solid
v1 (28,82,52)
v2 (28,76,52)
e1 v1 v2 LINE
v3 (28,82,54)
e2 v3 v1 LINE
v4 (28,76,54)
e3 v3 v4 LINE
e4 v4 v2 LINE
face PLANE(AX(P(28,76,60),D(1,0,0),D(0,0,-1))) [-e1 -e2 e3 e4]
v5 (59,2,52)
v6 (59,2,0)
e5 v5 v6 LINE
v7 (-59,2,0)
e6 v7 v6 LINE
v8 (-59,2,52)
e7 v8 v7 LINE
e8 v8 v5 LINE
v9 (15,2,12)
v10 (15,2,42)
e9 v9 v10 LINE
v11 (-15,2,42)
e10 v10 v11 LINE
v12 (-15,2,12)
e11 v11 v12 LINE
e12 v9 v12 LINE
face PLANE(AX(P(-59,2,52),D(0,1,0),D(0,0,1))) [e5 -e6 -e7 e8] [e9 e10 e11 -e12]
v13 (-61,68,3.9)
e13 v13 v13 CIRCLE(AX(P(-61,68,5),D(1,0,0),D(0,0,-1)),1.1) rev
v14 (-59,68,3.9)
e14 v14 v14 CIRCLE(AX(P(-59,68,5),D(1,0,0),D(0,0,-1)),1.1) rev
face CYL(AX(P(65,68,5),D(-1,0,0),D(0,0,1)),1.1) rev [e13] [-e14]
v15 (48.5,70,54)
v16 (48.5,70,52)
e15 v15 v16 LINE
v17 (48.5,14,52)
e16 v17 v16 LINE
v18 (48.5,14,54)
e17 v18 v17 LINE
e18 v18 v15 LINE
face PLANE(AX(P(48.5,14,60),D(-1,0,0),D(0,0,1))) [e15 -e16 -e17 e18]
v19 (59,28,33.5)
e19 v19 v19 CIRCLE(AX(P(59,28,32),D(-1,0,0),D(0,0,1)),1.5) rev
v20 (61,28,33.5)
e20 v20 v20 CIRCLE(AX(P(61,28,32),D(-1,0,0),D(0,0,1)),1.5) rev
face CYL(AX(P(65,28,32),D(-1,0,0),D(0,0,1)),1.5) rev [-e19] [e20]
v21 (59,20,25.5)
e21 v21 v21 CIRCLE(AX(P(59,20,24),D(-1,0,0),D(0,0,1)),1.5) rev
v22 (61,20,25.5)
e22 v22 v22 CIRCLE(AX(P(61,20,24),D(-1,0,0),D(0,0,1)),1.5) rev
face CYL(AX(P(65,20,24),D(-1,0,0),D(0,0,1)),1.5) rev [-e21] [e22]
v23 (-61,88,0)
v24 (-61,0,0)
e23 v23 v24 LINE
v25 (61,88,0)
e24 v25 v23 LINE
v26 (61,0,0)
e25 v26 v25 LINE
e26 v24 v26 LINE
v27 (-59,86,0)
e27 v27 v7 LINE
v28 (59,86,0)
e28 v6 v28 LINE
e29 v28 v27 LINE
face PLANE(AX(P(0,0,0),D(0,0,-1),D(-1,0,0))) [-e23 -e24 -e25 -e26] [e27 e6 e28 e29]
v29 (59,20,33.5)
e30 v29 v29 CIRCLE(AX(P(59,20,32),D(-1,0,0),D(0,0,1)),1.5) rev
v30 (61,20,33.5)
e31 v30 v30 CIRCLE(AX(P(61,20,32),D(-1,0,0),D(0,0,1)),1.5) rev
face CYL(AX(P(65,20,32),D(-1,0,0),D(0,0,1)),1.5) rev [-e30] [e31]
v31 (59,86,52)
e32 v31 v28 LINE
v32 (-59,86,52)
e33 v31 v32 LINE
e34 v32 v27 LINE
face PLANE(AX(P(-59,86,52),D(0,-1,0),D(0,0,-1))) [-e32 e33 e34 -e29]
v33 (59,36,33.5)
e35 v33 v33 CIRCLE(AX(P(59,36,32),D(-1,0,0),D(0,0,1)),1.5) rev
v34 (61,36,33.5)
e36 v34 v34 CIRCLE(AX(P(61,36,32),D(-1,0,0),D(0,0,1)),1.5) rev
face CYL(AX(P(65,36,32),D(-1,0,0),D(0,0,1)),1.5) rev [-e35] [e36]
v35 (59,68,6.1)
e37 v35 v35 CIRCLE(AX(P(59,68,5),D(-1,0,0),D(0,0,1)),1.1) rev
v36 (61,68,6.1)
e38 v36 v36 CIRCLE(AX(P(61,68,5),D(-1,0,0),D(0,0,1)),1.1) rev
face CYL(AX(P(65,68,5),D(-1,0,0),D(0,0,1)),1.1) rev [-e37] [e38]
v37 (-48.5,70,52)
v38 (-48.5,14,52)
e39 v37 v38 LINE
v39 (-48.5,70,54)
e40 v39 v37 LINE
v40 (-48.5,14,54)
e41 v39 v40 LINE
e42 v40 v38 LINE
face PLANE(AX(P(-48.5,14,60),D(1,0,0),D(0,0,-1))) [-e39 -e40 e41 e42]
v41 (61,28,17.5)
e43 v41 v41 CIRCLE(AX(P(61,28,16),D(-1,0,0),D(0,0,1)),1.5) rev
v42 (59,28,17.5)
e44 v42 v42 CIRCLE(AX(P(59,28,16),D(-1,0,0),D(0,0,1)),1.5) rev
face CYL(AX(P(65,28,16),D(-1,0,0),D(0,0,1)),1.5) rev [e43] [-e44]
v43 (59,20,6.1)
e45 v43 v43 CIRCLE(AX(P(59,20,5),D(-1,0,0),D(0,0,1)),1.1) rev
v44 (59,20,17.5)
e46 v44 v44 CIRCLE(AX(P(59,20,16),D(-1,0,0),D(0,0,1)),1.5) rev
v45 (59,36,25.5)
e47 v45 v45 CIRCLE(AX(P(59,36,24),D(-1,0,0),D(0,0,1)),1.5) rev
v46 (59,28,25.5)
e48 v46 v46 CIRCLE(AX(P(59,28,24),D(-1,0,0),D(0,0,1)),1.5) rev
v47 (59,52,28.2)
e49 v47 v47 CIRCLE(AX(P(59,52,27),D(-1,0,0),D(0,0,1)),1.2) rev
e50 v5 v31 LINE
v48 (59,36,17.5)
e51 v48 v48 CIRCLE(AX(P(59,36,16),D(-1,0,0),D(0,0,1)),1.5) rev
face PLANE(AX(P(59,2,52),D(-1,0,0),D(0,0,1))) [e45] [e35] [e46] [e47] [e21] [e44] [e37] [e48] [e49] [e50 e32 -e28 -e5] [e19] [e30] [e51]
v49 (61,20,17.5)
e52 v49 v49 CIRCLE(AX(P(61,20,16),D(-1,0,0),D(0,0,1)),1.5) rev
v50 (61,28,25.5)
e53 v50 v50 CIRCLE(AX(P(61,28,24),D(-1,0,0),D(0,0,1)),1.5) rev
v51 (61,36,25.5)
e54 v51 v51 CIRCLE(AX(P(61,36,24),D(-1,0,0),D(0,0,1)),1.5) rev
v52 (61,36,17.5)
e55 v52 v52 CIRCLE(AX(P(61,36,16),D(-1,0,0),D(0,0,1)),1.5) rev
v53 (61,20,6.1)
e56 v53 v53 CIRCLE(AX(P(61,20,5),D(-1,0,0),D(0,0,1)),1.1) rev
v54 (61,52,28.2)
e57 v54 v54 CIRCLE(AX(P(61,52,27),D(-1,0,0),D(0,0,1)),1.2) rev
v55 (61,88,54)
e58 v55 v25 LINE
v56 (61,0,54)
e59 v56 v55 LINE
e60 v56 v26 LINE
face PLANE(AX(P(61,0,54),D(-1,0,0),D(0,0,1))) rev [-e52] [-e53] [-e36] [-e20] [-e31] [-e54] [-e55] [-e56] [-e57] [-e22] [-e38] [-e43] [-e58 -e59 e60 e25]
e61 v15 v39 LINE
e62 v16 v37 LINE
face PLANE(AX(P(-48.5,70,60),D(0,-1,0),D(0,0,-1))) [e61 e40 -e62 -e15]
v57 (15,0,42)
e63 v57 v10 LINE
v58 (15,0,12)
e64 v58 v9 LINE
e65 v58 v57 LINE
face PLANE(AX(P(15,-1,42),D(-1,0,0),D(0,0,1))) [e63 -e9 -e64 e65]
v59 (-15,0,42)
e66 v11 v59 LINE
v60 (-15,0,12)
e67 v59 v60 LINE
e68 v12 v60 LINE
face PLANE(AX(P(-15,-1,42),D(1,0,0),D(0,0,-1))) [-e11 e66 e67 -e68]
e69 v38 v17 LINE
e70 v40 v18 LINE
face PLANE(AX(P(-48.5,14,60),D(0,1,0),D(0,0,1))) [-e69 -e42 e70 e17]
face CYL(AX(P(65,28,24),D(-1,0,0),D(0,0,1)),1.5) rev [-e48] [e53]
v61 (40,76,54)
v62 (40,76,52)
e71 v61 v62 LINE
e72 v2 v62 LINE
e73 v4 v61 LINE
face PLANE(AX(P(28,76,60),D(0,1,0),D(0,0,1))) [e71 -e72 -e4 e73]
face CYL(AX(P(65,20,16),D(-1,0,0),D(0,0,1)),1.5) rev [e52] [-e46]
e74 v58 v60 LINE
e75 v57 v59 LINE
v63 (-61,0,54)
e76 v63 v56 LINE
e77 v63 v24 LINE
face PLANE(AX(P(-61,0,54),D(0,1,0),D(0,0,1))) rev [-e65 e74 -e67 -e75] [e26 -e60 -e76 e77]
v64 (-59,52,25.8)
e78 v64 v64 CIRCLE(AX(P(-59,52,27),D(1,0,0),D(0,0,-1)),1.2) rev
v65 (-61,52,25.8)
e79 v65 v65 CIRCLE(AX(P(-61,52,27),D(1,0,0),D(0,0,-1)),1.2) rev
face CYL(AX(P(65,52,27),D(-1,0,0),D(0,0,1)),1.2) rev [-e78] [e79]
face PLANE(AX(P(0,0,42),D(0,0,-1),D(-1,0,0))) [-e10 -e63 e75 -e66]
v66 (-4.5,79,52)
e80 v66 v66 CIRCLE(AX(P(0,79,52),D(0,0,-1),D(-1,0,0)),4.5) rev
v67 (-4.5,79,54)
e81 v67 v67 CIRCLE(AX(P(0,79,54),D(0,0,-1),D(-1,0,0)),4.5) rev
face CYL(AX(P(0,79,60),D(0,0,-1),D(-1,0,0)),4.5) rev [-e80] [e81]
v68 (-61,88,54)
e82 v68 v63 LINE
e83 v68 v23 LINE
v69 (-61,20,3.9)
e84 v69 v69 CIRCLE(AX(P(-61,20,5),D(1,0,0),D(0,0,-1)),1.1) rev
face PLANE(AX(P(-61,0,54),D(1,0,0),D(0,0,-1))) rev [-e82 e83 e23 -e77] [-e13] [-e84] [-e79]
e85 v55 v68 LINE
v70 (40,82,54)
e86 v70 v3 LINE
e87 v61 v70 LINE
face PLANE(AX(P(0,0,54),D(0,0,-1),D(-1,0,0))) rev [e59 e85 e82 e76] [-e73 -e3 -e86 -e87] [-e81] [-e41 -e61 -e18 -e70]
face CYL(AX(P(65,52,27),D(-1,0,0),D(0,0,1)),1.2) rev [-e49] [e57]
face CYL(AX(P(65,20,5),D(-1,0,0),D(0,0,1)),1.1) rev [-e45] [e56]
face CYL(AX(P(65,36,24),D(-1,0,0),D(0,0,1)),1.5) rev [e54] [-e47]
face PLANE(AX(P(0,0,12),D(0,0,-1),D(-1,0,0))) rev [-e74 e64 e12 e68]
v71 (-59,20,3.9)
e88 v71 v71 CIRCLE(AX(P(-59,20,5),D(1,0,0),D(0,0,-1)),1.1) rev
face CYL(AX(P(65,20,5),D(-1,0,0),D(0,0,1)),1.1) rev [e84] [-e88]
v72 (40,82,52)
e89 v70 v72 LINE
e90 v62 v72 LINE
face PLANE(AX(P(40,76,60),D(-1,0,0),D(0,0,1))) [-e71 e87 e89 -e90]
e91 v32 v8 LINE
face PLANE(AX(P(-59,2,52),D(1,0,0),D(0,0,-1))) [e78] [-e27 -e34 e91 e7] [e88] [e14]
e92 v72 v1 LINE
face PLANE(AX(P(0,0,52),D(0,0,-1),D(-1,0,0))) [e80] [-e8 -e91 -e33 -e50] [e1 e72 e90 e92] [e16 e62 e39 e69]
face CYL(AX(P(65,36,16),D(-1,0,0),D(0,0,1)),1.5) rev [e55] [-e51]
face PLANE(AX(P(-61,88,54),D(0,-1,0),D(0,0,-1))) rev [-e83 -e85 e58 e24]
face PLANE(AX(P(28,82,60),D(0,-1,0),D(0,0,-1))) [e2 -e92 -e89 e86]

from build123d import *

# Parameters (mm, degrees)
SKETCH1_W            = 122
SKETCH1_H            = 88
BOSS_EXTRUDE1_DEPTH  = 54
BOSS_EXTRUDE2_START  = -1
SKETCH2_W            = 118
SKETCH2_H            = 84
BOSS_EXTRUDE2_DEPTH  = 53
BOSS_EXTRUDE3_START  = 50
SKETCH3_W            = 97
SKETCH3_H            = 56
BOSS_EXTRUDE3_DEPTH  = 10
BOSS_EXTRUDE4_START  = 50
SKETCH4_R            = 4.5
BOSS_EXTRUDE4_DEPTH  = 10
BOSS_EXTRUDE5_START  = 50
SKETCH5_W            = 12
SKETCH5_H            = 6
BOSS_EXTRUDE5_DEPTH  = 10
BOSS_EXTRUDE6_START  = -65
SKETCH6_R            = 1.2
BOSS_EXTRUDE6_DEPTH  = 130
BOSS_EXTRUDE7_START  = 55
SKETCH7_R            = 1.5
BOSS_EXTRUDE7_DEPTH  = 10
BOSS_EXTRUDE8_START  = 55
SKETCH8_R            = 1.5
BOSS_EXTRUDE8_DEPTH  = 10
BOSS_EXTRUDE9_START  = 55
SKETCH9_R            = 1.5
BOSS_EXTRUDE9_DEPTH  = 10
BOSS_EXTRUDE10_START = 55
SKETCH10_R           = 1.5
BOSS_EXTRUDE10_DEPTH = 10
BOSS_EXTRUDE11_START = 55
SKETCH11_R           = 1.5
BOSS_EXTRUDE11_DEPTH = 10
BOSS_EXTRUDE12_START = 55
SKETCH12_R           = 1.5
BOSS_EXTRUDE12_DEPTH = 10
BOSS_EXTRUDE13_START = 55
SKETCH13_R           = 1.5
BOSS_EXTRUDE13_DEPTH = 10
BOSS_EXTRUDE14_START = 55
SKETCH14_R           = 1.5
BOSS_EXTRUDE14_DEPTH = 10
BOSS_EXTRUDE15_START = 55
SKETCH15_R           = 1.5
BOSS_EXTRUDE15_DEPTH = 10
BOSS_EXTRUDE16_START = 12
SKETCH16_W           = 30
SKETCH16_H           = 4
BOSS_EXTRUDE16_DEPTH = 30
BOSS_EXTRUDE17_START = -65
SKETCH17_R           = 1.1
BOSS_EXTRUDE17_DEPTH = 130
BOSS_EXTRUDE18_START = -65
SKETCH18_R           = 1.1
BOSS_EXTRUDE18_DEPTH = 130


with BuildPart() as part:
    # Sketch1 → Boss-Extrude1 (new body)
    with BuildSketch(Plane.XY):
        with Locations((0, 44)):
            Rectangle(SKETCH1_W, SKETCH1_H)
    extrude(amount=BOSS_EXTRUDE1_DEPTH)


with BuildPart() as body_2:
    # Sketch2 → Boss-Extrude2 (new body)
    with BuildSketch(Plane.XY.offset(BOSS_EXTRUDE2_START)):
        with Locations((0, 44)):
            Rectangle(SKETCH2_W, SKETCH2_H)
    extrude(amount=BOSS_EXTRUDE2_DEPTH)


with BuildPart() as part_1:
    add(part.part)

    # Combine1: cut body 2
    add(body_2.part, mode=Mode.SUBTRACT)


with BuildPart() as body_2_2:
    # Sketch3 → Boss-Extrude3 (new body)
    with BuildSketch(Plane.XY.offset(BOSS_EXTRUDE3_START)):
        with Locations((0, 42)):
            Rectangle(SKETCH3_W, SKETCH3_H)
    extrude(amount=BOSS_EXTRUDE3_DEPTH)


with BuildPart() as part_2:
    add(part_1.part)

    # Combine2: cut body 2 2
    add(body_2_2.part, mode=Mode.SUBTRACT)


with BuildPart() as body_2_3:
    # Sketch4 → Boss-Extrude4 (new body)
    with BuildSketch(Plane.XY.offset(BOSS_EXTRUDE4_START)):
        with Locations((0, 79)):
            Circle(SKETCH4_R)
    extrude(amount=BOSS_EXTRUDE4_DEPTH)


with BuildPart() as part_3:
    add(part_2.part)

    # Combine3: cut body 2 3
    add(body_2_3.part, mode=Mode.SUBTRACT)


with BuildPart() as body_2_4:
    # Sketch5 → Boss-Extrude5 (new body)
    with BuildSketch(Plane.XY.offset(BOSS_EXTRUDE5_START)):
        with Locations((34, 79)):
            Rectangle(SKETCH5_W, SKETCH5_H)
    extrude(amount=BOSS_EXTRUDE5_DEPTH)


with BuildPart() as part_4:
    add(part_3.part)

    # Combine4: cut body 2 4
    add(body_2_4.part, mode=Mode.SUBTRACT)


with BuildPart() as body_2_5:
    # Sketch6 → Boss-Extrude6 (new body)
    with BuildSketch(Plane(origin=(0, 0, 0), x_dir=(0, 0, -1), z_dir=(1, 0, 0)).offset(BOSS_EXTRUDE6_START)):
        with Locations((-27, 52)):
            Circle(SKETCH6_R)
    extrude(amount=BOSS_EXTRUDE6_DEPTH)


with BuildPart() as part_5:
    add(part_4.part)

    # Combine5: cut body 2 5
    add(body_2_5.part, mode=Mode.SUBTRACT)


with BuildPart() as body_2_6:
    # Sketch7 → Boss-Extrude7 (new body)
    with BuildSketch(Plane(origin=(0, 0, 0), x_dir=(0, 0, -1), z_dir=(1, 0, 0)).offset(BOSS_EXTRUDE7_START)):
        with Locations((-16, 20)):
            Circle(SKETCH7_R)
    extrude(amount=BOSS_EXTRUDE7_DEPTH)


with BuildPart() as part_6:
    add(part_5.part)

    # Combine6: cut body 2 6
    add(body_2_6.part, mode=Mode.SUBTRACT)


with BuildPart() as body_2_7:
    # Sketch8 → Boss-Extrude8 (new body)
    with BuildSketch(Plane(origin=(0, 0, 0), x_dir=(0, 0, -1), z_dir=(1, 0, 0)).offset(BOSS_EXTRUDE8_START)):
        with Locations((-24, 20)):
            Circle(SKETCH8_R)
    extrude(amount=BOSS_EXTRUDE8_DEPTH)


with BuildPart() as part_7:
    add(part_6.part)

    # Combine7: cut body 2 7
    add(body_2_7.part, mode=Mode.SUBTRACT)


with BuildPart() as body_2_8:
    # Sketch9 → Boss-Extrude9 (new body)
    with BuildSketch(Plane(origin=(0, 0, 0), x_dir=(0, 0, -1), z_dir=(1, 0, 0)).offset(BOSS_EXTRUDE9_START)):
        with Locations((-32, 20)):
            Circle(SKETCH9_R)
    extrude(amount=BOSS_EXTRUDE9_DEPTH)


with BuildPart() as part_8:
    add(part_7.part)

    # Combine8: cut body 2 8
    add(body_2_8.part, mode=Mode.SUBTRACT)


with BuildPart() as body_2_9:
    # Sketch10 → Boss-Extrude10 (new body)
    with BuildSketch(Plane(origin=(0, 0, 0), x_dir=(0, 0, -1), z_dir=(1, 0, 0)).offset(BOSS_EXTRUDE10_START)):
        with Locations((-16, 28)):
            Circle(SKETCH10_R)
    extrude(amount=BOSS_EXTRUDE10_DEPTH)


with BuildPart() as part_9:
    add(part_8.part)

    # Combine9: cut body 2 9
    add(body_2_9.part, mode=Mode.SUBTRACT)


with BuildPart() as body_2_10:
    # Sketch11 → Boss-Extrude11 (new body)
    with BuildSketch(Plane(origin=(0, 0, 0), x_dir=(0, 0, -1), z_dir=(1, 0, 0)).offset(BOSS_EXTRUDE11_START)):
        with Locations((-24, 28)):
            Circle(SKETCH11_R)
    extrude(amount=BOSS_EXTRUDE11_DEPTH)


with BuildPart() as part_10:
    add(part_9.part)

    # Combine10: cut body 2 10
    add(body_2_10.part, mode=Mode.SUBTRACT)


with BuildPart() as body_2_11:
    # Sketch12 → Boss-Extrude12 (new body)
    with BuildSketch(Plane(origin=(0, 0, 0), x_dir=(0, 0, -1), z_dir=(1, 0, 0)).offset(BOSS_EXTRUDE12_START)):
        with Locations((-32, 28)):
            Circle(SKETCH12_R)
    extrude(amount=BOSS_EXTRUDE12_DEPTH)


with BuildPart() as part_11:
    add(part_10.part)

    # Combine11: cut body 2 11
    add(body_2_11.part, mode=Mode.SUBTRACT)


with BuildPart() as body_2_12:
    # Sketch13 → Boss-Extrude13 (new body)
    with BuildSketch(Plane(origin=(0, 0, 0), x_dir=(0, 0, -1), z_dir=(1, 0, 0)).offset(BOSS_EXTRUDE13_START)):
        with Locations((-16, 36)):
            Circle(SKETCH13_R)
    extrude(amount=BOSS_EXTRUDE13_DEPTH)


with BuildPart() as part_12:
    add(part_11.part)

    # Combine12: cut body 2 12
    add(body_2_12.part, mode=Mode.SUBTRACT)


with BuildPart() as body_2_13:
    # Sketch14 → Boss-Extrude14 (new body)
    with BuildSketch(Plane(origin=(0, 0, 0), x_dir=(0, 0, -1), z_dir=(1, 0, 0)).offset(BOSS_EXTRUDE14_START)):
        with Locations((-24, 36)):
            Circle(SKETCH14_R)
    extrude(amount=BOSS_EXTRUDE14_DEPTH)


with BuildPart() as part_13:
    add(part_12.part)

    # Combine13: cut body 2 13
    add(body_2_13.part, mode=Mode.SUBTRACT)


with BuildPart() as body_2_14:
    # Sketch15 → Boss-Extrude15 (new body)
    with BuildSketch(Plane(origin=(0, 0, 0), x_dir=(0, 0, -1), z_dir=(1, 0, 0)).offset(BOSS_EXTRUDE15_START)):
        with Locations((-32, 36)):
            Circle(SKETCH15_R)
    extrude(amount=BOSS_EXTRUDE15_DEPTH)


with BuildPart() as part_14:
    add(part_13.part)

    # Combine14: cut body 2 14
    add(body_2_14.part, mode=Mode.SUBTRACT)


with BuildPart() as body_2_15:
    # Sketch16 → Boss-Extrude16 (new body)
    with BuildSketch(Plane.XY.offset(BOSS_EXTRUDE16_START)):
        with Locations((0, 1)):
            Rectangle(SKETCH16_W, SKETCH16_H)
    extrude(amount=BOSS_EXTRUDE16_DEPTH)


with BuildPart() as part_15:
    add(part_14.part)

    # Combine15: cut body 2 15
    add(body_2_15.part, mode=Mode.SUBTRACT)


with BuildPart() as body_2_16:
    # Sketch17 → Boss-Extrude17 (new body)
    with BuildSketch(Plane(origin=(0, 0, 0), x_dir=(0, 0, -1), z_dir=(1, 0, 0)).offset(BOSS_EXTRUDE17_START)):
        with Locations((-5, 20)):
            Circle(SKETCH17_R)
    extrude(amount=BOSS_EXTRUDE17_DEPTH)


with BuildPart() as part_16:
    add(part_15.part)

    # Combine16: cut body 2 16
    add(body_2_16.part, mode=Mode.SUBTRACT)


with BuildPart() as body_2_17:
    # Sketch18 → Boss-Extrude18 (new body)
    with BuildSketch(Plane(origin=(0, 0, 0), x_dir=(0, 0, -1), z_dir=(1, 0, 0)).offset(BOSS_EXTRUDE18_START)):
        with Locations((-5, 68)):
            Circle(SKETCH18_R)
    extrude(amount=BOSS_EXTRUDE18_DEPTH)


with BuildPart() as part_17:
    add(part_16.part)

    # Combine17: cut body 2 17
    add(body_2_17.part, mode=Mode.SUBTRACT)


solid = part_17.part
